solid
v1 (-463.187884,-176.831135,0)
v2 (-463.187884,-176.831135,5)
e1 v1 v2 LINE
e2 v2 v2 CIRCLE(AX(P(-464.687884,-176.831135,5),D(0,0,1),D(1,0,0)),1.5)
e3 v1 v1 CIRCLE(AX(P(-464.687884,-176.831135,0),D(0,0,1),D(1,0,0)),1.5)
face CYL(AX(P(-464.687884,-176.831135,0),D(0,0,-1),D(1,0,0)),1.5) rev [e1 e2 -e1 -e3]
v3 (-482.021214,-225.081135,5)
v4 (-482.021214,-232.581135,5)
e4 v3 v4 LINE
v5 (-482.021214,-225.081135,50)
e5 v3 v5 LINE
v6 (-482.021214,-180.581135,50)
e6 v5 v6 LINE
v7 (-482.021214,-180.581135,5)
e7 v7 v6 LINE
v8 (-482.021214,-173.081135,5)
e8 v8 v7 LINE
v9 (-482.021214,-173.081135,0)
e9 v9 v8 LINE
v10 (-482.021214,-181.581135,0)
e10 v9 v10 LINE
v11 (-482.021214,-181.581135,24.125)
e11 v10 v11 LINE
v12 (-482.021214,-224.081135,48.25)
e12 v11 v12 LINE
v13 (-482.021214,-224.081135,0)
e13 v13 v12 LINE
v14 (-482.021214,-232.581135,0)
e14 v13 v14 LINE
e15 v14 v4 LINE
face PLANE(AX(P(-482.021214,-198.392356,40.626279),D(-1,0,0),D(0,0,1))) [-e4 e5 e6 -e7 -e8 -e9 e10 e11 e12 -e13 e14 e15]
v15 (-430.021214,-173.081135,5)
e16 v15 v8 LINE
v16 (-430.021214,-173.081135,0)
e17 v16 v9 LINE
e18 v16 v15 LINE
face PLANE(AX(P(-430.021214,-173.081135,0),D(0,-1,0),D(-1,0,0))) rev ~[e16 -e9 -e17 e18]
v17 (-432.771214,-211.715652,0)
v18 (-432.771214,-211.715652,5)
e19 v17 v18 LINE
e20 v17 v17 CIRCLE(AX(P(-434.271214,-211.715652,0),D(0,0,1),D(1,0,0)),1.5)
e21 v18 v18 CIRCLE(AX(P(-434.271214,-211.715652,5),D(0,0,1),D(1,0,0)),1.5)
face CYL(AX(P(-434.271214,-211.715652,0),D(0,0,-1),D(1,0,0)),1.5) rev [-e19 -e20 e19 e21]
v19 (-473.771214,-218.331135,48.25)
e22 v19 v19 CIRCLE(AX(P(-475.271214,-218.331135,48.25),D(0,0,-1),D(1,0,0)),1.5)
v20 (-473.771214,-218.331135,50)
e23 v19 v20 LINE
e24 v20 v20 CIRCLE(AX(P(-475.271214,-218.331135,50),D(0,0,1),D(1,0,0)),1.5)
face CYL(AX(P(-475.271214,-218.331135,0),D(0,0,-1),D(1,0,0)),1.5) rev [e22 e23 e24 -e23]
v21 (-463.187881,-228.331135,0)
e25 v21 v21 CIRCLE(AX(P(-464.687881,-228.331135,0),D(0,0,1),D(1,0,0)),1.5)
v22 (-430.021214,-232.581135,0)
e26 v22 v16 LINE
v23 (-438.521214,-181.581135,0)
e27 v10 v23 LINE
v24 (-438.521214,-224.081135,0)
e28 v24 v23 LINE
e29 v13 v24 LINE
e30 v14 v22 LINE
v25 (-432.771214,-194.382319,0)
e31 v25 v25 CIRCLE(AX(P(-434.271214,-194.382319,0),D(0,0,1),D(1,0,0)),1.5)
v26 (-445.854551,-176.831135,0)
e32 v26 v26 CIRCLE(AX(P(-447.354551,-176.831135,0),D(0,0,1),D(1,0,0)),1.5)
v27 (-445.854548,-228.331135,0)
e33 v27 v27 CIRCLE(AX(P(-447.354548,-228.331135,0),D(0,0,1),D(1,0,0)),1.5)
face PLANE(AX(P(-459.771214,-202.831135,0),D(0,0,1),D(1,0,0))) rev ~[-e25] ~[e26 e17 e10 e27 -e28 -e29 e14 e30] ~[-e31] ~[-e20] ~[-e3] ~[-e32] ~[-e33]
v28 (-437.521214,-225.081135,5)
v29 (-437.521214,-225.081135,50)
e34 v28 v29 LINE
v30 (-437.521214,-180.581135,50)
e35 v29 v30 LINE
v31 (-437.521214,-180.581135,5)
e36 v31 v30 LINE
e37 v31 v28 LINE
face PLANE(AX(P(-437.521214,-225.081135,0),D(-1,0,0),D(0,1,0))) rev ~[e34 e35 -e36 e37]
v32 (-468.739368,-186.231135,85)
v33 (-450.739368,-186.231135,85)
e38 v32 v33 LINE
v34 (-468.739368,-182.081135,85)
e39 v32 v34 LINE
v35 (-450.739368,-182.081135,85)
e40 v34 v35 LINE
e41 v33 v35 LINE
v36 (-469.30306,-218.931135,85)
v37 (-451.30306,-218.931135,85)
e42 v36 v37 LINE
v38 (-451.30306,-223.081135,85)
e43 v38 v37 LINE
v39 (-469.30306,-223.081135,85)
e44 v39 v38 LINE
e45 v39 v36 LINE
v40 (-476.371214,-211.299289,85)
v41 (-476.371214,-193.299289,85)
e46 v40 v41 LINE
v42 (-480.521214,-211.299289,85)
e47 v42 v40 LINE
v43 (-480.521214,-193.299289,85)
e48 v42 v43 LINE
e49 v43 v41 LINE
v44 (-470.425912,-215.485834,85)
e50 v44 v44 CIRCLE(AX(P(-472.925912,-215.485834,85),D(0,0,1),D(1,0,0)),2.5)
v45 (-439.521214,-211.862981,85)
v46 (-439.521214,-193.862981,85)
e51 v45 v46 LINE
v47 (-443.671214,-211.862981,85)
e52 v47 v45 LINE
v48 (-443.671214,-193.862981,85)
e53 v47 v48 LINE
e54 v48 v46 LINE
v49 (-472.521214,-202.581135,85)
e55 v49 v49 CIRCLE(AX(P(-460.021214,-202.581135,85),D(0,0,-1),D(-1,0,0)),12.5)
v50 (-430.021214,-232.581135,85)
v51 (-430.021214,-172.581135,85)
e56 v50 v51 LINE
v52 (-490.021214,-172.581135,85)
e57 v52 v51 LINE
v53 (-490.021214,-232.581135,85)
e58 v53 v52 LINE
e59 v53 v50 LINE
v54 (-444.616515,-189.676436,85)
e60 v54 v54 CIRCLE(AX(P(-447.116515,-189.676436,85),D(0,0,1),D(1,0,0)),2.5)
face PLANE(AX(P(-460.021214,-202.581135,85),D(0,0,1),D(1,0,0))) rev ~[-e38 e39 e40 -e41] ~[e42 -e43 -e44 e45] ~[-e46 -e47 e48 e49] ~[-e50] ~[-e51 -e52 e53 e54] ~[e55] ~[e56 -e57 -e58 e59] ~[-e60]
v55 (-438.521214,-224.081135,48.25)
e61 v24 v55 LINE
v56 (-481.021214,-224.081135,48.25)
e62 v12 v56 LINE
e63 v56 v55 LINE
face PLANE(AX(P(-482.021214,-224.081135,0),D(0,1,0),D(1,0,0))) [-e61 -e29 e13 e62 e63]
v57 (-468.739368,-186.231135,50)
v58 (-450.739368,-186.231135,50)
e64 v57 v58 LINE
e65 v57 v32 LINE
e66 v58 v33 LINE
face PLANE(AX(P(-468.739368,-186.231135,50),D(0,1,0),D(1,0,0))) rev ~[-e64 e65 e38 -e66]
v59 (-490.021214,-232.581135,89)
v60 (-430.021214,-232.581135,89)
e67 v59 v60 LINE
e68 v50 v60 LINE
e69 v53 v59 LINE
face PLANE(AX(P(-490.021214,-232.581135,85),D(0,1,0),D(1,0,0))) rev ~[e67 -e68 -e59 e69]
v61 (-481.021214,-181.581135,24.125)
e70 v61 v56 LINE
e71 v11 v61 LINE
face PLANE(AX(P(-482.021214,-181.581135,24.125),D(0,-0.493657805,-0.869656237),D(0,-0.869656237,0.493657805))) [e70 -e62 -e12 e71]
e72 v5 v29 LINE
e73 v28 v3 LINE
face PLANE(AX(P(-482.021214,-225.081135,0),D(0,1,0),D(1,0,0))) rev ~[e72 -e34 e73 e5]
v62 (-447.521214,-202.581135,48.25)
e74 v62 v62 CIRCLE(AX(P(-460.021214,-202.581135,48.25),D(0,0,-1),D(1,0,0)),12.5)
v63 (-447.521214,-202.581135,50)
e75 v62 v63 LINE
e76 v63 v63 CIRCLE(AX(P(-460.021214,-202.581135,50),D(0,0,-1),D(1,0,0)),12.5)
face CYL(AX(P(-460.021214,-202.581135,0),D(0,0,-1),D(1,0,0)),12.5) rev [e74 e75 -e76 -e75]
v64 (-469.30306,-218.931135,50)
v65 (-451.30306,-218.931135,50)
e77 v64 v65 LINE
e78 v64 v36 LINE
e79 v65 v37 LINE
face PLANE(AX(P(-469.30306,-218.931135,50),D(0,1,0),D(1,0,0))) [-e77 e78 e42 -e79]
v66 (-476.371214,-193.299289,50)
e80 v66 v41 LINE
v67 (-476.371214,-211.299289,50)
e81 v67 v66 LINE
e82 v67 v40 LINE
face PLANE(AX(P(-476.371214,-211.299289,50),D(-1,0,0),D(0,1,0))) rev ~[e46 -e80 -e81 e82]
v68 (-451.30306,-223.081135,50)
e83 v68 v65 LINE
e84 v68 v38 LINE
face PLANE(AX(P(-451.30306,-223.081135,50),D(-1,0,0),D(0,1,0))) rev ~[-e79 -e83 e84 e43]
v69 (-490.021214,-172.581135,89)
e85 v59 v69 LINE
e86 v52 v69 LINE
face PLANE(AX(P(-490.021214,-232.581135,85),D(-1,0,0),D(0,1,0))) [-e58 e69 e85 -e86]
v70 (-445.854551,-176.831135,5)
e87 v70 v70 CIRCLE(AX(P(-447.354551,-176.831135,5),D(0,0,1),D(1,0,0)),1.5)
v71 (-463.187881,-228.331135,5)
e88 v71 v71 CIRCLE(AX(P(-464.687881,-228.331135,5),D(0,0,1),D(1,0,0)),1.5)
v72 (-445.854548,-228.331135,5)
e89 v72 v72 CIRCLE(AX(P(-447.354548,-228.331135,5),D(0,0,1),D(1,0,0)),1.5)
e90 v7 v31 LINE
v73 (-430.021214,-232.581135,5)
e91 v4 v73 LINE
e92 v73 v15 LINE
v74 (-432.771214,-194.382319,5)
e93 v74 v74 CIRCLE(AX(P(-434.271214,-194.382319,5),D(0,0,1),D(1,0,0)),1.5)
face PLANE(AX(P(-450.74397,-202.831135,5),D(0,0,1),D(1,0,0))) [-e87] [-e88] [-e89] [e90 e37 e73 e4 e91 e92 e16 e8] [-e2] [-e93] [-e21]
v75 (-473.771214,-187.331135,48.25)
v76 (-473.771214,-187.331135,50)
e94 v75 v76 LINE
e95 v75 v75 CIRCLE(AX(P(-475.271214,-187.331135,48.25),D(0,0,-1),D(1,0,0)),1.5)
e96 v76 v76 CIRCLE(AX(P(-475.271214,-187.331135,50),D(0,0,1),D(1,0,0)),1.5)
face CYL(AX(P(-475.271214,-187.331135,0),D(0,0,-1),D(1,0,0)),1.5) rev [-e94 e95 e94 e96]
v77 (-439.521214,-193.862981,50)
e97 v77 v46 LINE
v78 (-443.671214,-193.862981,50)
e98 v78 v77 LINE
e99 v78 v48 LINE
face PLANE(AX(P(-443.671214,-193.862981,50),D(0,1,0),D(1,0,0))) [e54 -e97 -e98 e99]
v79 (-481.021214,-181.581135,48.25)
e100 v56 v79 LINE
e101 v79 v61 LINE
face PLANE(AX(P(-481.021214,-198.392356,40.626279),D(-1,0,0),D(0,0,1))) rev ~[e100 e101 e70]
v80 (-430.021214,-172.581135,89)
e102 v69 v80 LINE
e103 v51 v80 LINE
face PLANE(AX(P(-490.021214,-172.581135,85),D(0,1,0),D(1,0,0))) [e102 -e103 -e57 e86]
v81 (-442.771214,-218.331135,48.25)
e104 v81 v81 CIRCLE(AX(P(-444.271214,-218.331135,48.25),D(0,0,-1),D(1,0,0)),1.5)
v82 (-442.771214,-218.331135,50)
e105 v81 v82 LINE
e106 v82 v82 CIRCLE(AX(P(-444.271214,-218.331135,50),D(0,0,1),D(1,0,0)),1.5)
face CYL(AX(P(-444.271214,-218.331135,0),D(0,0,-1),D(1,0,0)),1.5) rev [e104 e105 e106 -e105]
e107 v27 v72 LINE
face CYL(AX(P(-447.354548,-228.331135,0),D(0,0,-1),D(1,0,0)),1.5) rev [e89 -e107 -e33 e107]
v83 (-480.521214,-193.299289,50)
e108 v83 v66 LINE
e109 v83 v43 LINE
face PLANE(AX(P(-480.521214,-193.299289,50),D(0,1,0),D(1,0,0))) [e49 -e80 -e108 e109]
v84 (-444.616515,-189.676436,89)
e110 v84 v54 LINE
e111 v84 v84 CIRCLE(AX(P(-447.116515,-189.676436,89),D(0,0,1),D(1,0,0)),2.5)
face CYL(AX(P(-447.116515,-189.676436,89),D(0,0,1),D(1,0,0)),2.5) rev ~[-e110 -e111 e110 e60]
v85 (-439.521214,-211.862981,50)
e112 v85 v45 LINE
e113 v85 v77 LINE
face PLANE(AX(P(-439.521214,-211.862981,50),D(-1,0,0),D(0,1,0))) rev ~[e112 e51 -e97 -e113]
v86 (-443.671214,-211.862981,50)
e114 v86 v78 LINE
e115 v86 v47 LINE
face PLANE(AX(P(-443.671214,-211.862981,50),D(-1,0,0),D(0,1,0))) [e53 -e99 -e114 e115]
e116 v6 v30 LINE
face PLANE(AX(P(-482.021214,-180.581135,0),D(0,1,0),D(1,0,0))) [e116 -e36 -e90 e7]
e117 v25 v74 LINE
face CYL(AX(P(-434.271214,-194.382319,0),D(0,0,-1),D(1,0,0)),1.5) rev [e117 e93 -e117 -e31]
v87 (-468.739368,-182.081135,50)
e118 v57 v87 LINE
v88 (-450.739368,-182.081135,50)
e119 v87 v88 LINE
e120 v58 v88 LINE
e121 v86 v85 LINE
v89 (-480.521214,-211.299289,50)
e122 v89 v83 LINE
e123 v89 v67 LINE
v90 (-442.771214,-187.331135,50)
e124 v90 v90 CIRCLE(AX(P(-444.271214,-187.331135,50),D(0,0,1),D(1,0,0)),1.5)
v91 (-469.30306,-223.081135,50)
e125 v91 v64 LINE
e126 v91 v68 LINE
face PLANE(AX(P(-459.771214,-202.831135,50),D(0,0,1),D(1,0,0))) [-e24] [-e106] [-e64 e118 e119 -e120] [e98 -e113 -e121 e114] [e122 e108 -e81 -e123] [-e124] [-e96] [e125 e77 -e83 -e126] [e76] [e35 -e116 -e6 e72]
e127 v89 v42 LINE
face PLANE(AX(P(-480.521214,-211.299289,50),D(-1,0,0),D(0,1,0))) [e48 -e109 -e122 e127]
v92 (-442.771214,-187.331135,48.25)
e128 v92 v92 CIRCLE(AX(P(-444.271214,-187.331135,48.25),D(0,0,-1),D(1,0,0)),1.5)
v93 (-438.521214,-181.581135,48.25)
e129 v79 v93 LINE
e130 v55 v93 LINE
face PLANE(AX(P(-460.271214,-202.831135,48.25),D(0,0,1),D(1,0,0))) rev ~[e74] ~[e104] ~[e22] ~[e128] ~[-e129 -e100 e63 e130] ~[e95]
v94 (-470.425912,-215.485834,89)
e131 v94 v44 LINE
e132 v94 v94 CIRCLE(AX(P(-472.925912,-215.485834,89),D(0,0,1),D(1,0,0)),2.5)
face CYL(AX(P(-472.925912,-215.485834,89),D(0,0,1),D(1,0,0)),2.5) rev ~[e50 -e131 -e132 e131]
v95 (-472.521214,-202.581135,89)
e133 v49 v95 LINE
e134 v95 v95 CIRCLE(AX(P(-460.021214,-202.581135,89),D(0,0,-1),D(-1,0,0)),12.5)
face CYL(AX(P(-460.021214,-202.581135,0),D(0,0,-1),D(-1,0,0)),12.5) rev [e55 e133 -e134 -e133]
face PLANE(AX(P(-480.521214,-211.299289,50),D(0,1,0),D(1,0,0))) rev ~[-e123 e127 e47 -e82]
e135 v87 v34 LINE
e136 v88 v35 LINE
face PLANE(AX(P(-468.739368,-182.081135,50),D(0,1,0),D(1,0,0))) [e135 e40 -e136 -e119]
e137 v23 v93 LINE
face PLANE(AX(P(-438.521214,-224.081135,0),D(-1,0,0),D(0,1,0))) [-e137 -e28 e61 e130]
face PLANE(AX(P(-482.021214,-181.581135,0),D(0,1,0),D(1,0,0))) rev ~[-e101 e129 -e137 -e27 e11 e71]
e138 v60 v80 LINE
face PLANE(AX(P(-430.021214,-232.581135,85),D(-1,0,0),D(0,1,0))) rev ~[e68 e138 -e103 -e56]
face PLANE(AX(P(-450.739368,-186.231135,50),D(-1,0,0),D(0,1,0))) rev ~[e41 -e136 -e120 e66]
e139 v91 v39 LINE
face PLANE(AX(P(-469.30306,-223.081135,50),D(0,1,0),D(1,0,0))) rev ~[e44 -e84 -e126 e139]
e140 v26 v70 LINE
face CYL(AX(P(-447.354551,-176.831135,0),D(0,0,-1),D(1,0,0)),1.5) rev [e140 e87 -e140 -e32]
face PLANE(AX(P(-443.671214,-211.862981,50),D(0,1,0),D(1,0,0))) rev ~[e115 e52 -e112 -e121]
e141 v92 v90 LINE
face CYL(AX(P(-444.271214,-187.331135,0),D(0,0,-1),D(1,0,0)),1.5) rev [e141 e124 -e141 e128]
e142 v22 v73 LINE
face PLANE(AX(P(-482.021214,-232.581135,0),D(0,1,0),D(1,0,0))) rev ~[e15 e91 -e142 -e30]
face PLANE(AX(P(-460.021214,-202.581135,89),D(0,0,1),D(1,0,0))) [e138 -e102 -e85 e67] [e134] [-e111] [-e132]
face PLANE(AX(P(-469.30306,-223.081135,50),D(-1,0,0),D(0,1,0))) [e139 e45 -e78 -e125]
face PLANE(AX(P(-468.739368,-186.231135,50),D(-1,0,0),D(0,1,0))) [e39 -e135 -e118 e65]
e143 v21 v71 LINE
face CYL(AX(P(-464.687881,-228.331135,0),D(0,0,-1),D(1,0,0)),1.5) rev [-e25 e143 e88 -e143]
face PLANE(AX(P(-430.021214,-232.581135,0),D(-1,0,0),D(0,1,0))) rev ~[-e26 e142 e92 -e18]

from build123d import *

# Parameters (mm, degrees)
SKETCH6_R           = 1.5
BOSS_EXTRUDE4_DEPTH = 5
SKETCH8_W           = 44.5
SKETCH8_H           = 44.5
SKETCH8_R           = 1.5
SKETCH8_R_2         = 12.5
BOSS_EXTRUDE5_DEPTH = 50
SKETCH7_W           = 43.5
SKETCH7_H           = 42.5
CUT_EXTRUDE4_DEPTH  = 48.25
BOSS_EXTRUDE6_DEPTH = 1
SKETCH11_W          = 18
SKETCH11_H          = 4.15
SKETCH11_W_2        = 4.15
SKETCH11_H_2        = 18
BOSS_EXTRUDE7_DEPTH = 35
SKETCH14_W          = 60
SKETCH14_H          = 60
BOSS_EXTRUDE8_DEPTH = 4
CUT_EXTRUDE5_REACH  = 551.669
SKETCH16_R          = 2.5
SKETCH17_R          = 12.5
CUT_EXTRUDE6_DEPTH  = 550.668785806


with BuildPart() as part:
    # Sketch6 → Boss-Extrude4 (new body)
    with BuildSketch(Plane.XY):
        Polygon((-437.521213625, -225.081134847), (-482.021213625, -225.081134847), (-482.021213625, -232.581134847), (-430.021213625, -232.581134847), (-430.021213625, -173.081134847), (-482.021213625, -173.081134847), (-482.021213625, -180.581134847), (-437.521213625, -180.581134847), align=None)
        with Locations((-464.687880625, -228.331134847)):
            Circle(SKETCH6_R, mode=Mode.SUBTRACT)
        with Locations((-447.354547625, -228.331134847)):
            Circle(SKETCH6_R, mode=Mode.SUBTRACT)
        with Locations((-434.271213625, -211.715651861)):
            Circle(SKETCH6_R, mode=Mode.SUBTRACT)
        with Locations((-464.687883625, -176.831134847)):
            Circle(SKETCH6_R, mode=Mode.SUBTRACT)
        with Locations((-434.271213625, -194.382318861)):
            Circle(SKETCH6_R, mode=Mode.SUBTRACT)
        with Locations((-447.354550625, -176.831134847)):
            Circle(SKETCH6_R, mode=Mode.SUBTRACT)
    extrude(amount=BOSS_EXTRUDE4_DEPTH)

    # Sketch8 → Boss-Extrude5 (add)
    with BuildSketch(Plane.XY):
        with Locations((-459.771213625, -202.831134847)):
            Rectangle(SKETCH8_W, SKETCH8_H)
        with Locations((-475.271213625, -218.331134847)):
            Circle(SKETCH8_R, mode=Mode.SUBTRACT)
        with Locations((-444.271213625, -218.331134847)):
            Circle(SKETCH8_R, mode=Mode.SUBTRACT)
        with Locations((-444.271213625, -187.331134847)):
            Circle(SKETCH8_R, mode=Mode.SUBTRACT)
        with Locations((-475.271213625, -187.331134847)):
            Circle(SKETCH8_R, mode=Mode.SUBTRACT)
        with Locations((-460.021213625, -202.581134847)):
            Circle(SKETCH8_R_2, mode=Mode.SUBTRACT)
    extrude(amount=BOSS_EXTRUDE5_DEPTH)

    # Sketch7 → Cut-Extrude4 (cut)
    with BuildSketch(Plane.XY):
        with Locations((-460.271213625, -202.831134847)):
            Rectangle(SKETCH7_W, SKETCH7_H)
    extrude(amount=CUT_EXTRUDE4_DEPTH, mode=Mode.SUBTRACT)

    # Sketch10 → Boss-Extrude6 (add)
    with BuildSketch(Plane.ZY.offset(482.021213625)):
        Polygon((24.125, -181.581134847), (48.25, -224.081134847), (48.25, -181.581134847), align=None)
    extrude(amount=-BOSS_EXTRUDE6_DEPTH)

    # Sketch11 → Boss-Extrude7 (add)
    with BuildSketch(Plane.XY.offset(50)):
        with Locations((-460.303059696, -221.006134847)):
            Rectangle(SKETCH11_W, SKETCH11_H)
        with Locations((-441.596213625, -202.862980918)):
            Rectangle(SKETCH11_W_2, SKETCH11_H_2)
        with Locations((-478.446213625, -202.299288776)):
            Rectangle(SKETCH11_W_2, SKETCH11_H_2)
        with Locations((-459.739367554, -184.156134847)):
            Rectangle(SKETCH11_W, SKETCH11_H)
    extrude(amount=BOSS_EXTRUDE7_DEPTH)

    # Sketch14 → Boss-Extrude8 (add)
    with BuildSketch(Plane.XY.offset(85)):
        with Locations((-460.021213625, -202.581134847)):
            Rectangle(SKETCH14_W, SKETCH14_H)
    extrude(amount=BOSS_EXTRUDE8_DEPTH)

    # Sketch16 → Cut-Extrude5 (cut, up to next)
    with BuildSketch(Plane.XY.offset(89), mode=Mode.PRIVATE) as cut_extrude5_sk1:
        with Locations((-447.116514868, -189.67643609)):
            Circle(SKETCH16_R)
    cut_extrude5_tool1 = extrude(cut_extrude5_sk1.sketch, amount=-CUT_EXTRUDE5_REACH, mode=Mode.PRIVATE) & part.part
    # Sketch16 → Cut-Extrude5 (cut, up to next)
    with BuildSketch(Plane.XY.offset(89), mode=Mode.PRIVATE) as cut_extrude5_sk2:
        with Locations((-472.925912382, -215.485833604)):
            Circle(SKETCH16_R)
    cut_extrude5_tool2 = extrude(cut_extrude5_sk2.sketch, amount=-CUT_EXTRUDE5_REACH, mode=Mode.PRIVATE) & part.part
    add(cut_extrude5_tool1.solids().sort_by_distance((-447.116515, -189.676436, 89))[0], mode=Mode.SUBTRACT)
    add(cut_extrude5_tool2.solids().sort_by_distance((-472.925912, -215.485834, 89))[0], mode=Mode.SUBTRACT)

    # Sketch17 → Cut-Extrude6 (cut, through all)
    with BuildSketch(Plane.XY):
        with Locations(Location((-460.021213625, -202.581134847, 0), (0, 0, 180))):
            Circle(SKETCH17_R)
    extrude(amount=CUT_EXTRUDE6_DEPTH, mode=Mode.SUBTRACT)


solid = part.part
